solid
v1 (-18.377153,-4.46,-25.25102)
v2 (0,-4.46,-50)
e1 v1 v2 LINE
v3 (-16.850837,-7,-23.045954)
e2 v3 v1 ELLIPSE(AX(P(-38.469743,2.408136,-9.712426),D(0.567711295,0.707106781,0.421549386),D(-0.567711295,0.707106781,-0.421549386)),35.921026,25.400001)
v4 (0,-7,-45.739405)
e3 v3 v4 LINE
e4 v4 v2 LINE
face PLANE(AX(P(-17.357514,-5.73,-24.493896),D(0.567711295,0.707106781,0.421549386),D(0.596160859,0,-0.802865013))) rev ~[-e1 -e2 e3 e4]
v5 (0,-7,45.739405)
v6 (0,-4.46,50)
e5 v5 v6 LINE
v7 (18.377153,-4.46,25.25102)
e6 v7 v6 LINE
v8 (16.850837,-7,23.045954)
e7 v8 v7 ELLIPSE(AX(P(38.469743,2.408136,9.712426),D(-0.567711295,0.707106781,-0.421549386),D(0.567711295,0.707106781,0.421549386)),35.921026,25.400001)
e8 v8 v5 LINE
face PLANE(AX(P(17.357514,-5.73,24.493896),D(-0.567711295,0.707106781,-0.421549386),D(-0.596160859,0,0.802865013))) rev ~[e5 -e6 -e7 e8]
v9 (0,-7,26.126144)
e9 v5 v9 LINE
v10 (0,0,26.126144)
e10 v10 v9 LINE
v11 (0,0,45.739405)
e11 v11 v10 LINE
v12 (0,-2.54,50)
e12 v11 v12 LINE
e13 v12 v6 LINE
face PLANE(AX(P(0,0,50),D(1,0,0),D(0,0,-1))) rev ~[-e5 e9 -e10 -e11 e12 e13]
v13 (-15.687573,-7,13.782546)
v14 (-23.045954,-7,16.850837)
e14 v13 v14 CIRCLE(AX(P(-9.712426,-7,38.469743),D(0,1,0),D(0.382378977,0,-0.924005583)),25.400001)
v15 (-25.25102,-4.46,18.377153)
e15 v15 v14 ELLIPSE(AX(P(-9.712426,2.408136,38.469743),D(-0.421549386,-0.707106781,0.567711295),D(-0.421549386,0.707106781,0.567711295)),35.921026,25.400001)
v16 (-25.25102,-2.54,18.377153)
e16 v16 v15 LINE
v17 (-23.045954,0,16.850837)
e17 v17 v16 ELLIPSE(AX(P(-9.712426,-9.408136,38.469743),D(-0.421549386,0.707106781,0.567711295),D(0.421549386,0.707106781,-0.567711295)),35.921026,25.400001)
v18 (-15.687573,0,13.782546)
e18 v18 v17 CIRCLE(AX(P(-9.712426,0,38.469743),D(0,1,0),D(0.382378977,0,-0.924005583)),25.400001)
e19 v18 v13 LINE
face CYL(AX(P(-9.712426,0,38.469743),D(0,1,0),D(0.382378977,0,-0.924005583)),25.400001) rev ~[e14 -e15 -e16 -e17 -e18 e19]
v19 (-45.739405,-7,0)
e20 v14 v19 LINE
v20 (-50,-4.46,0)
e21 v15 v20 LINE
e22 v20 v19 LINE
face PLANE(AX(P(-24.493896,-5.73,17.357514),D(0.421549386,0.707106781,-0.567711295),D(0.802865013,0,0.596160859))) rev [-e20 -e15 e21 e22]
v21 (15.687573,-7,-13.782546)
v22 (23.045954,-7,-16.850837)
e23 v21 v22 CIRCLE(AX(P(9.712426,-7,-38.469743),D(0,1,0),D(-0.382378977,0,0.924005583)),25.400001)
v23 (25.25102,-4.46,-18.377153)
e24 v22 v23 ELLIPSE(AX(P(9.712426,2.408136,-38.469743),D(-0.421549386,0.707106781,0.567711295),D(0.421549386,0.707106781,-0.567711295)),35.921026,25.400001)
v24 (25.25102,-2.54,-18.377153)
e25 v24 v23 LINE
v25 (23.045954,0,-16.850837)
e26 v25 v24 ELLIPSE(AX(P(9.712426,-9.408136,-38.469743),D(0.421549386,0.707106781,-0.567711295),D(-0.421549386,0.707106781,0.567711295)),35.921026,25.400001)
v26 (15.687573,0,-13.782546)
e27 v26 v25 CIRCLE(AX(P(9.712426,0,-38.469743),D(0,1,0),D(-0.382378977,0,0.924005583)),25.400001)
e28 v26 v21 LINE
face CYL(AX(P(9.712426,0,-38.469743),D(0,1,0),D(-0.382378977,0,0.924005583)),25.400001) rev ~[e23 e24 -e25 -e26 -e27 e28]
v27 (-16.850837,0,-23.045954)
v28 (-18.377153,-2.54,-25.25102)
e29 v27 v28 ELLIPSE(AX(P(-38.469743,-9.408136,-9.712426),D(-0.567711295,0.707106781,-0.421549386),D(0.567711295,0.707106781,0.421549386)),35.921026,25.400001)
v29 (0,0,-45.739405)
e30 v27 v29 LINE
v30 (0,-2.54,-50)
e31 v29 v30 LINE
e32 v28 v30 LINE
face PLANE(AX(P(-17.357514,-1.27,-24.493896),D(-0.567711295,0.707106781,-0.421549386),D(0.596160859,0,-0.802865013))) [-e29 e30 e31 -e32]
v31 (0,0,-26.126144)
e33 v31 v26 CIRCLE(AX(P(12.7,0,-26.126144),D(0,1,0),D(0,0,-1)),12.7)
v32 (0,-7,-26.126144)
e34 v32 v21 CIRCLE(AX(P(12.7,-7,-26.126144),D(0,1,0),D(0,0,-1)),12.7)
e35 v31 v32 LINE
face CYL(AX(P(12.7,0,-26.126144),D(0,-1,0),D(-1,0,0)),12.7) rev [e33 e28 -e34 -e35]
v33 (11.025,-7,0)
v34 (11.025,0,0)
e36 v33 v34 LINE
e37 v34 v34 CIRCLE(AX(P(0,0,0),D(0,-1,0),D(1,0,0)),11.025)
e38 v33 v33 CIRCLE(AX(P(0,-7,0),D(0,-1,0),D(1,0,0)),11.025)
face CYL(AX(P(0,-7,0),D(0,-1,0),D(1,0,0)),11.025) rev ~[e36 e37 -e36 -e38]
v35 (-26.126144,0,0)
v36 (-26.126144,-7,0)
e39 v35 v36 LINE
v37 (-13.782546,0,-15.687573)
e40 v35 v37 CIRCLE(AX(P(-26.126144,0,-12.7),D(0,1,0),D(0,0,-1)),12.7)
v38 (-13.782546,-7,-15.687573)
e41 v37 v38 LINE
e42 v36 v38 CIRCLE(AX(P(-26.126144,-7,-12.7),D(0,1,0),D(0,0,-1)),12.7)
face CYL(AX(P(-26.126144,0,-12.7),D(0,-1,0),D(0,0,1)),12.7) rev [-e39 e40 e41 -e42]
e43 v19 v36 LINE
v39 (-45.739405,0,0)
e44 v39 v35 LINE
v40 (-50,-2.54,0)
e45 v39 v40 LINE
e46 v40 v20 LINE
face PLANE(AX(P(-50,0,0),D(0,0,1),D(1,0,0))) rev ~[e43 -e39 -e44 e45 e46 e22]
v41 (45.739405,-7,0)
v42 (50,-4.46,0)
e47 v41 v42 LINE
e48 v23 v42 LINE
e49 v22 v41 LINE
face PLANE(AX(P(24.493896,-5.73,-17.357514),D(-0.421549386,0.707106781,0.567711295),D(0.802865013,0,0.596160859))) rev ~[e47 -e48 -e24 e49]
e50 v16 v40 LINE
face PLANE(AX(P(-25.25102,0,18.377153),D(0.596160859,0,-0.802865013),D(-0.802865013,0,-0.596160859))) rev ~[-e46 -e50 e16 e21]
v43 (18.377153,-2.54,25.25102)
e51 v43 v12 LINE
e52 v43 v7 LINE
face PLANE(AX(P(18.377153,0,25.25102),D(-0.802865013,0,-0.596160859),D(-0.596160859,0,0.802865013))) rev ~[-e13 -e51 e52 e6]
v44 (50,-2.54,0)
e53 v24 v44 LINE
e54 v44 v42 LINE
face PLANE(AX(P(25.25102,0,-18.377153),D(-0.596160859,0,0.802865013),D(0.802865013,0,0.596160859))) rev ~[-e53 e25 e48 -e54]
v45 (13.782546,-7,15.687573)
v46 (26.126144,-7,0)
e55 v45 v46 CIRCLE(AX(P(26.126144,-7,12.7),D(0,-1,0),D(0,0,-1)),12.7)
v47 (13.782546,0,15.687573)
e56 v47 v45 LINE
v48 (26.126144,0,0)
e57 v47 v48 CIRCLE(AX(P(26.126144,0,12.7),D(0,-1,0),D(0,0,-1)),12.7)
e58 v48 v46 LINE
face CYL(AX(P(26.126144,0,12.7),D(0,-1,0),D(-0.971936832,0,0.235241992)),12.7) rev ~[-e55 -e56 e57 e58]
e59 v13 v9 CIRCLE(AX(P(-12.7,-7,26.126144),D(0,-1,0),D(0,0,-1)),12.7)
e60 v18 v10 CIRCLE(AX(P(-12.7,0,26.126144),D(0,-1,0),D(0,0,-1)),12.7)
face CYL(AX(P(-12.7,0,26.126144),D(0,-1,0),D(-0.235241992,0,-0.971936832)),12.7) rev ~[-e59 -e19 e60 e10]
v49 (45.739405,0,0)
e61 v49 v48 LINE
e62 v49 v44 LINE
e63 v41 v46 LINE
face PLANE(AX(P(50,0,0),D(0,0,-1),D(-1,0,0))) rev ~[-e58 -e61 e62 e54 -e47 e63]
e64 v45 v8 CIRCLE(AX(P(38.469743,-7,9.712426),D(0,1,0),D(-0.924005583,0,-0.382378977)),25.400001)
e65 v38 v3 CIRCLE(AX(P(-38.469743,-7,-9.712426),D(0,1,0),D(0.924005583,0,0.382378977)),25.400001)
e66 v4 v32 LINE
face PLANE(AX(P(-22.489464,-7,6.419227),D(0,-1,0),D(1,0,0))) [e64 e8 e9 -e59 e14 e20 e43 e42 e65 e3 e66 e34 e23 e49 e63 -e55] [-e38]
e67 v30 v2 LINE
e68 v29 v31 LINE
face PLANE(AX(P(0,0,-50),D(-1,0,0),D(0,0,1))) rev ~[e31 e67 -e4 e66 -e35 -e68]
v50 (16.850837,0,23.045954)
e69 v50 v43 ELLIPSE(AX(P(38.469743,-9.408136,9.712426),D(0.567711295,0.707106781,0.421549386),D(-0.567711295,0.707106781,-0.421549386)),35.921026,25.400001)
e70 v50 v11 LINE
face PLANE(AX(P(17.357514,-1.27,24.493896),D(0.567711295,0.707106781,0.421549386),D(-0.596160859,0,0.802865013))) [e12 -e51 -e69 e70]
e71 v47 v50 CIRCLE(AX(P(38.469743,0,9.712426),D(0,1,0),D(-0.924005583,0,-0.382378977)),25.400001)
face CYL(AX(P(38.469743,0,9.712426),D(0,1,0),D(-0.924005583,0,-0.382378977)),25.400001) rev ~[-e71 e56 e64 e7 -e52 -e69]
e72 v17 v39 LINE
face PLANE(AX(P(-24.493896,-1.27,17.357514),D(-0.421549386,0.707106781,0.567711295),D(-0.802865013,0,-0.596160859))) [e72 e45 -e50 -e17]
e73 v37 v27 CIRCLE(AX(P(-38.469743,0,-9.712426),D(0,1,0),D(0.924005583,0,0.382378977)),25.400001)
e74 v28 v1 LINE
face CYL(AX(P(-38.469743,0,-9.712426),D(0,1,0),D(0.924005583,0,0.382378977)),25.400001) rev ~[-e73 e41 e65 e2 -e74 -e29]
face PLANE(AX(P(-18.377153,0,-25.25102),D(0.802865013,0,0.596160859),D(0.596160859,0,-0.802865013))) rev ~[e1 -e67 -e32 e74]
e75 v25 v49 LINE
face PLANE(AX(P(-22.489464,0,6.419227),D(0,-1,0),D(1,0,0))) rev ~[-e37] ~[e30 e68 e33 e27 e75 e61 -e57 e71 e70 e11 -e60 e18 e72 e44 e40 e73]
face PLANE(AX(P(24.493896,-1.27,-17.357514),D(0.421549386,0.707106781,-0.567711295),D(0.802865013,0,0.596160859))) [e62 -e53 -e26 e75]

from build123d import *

# Parameters (mm, degrees)
F1_DEPTH = 7
F2_R     = 11.025
F3_DEPTH = 25.4
F4_R     = 12.7
F5_SIZE  = 2.54


with BuildPart() as f1:
    # F0 (on Front) → F1 (new body)
    with BuildSketch(Plane.XZ):
        with BuildLine():
            Line((-15, 0), (0, 0))
            Line((0, 0), (0, 15))
            ThreePointArc((0, 15), (-13.079524, 13.293907), (-25.25102, 18.377153))
            Line((-25.25102, 18.377153), (-50, 0))
            Line((-50, 0), (-15, 0))
        make_face()
        with BuildLine():
            Line((0, 15), (0, 0))
            Line((0, 0), (15, 0))
            ThreePointArc((15, 0), (13.293907, 13.079524), (18.377153, 25.25102))
            Line((18.377153, 25.25102), (0, 50))
            Line((0, 50), (0, 15))
        make_face()
        with BuildLine():
            Line((0, -15), (0, 0))
            Line((0, 0), (-15, 0))
            ThreePointArc((-15, 0), (-13.293907, -13.079524), (-18.377153, -25.25102))
            Line((-18.377153, -25.25102), (0, -50))
            Line((0, -50), (0, -15))
        make_face()
        with BuildLine():
            Line((15, 0), (0, 0))
            Line((0, 0), (0, -15))
            ThreePointArc((0, -15), (13.079524, -13.293907), (25.25102, -18.377153))
            Line((25.25102, -18.377153), (50, 0))
            Line((50, 0), (15, 0))
        make_face()
    extrude(amount=F1_DEPTH)

    # F2 (on face) → F3 (cut)
    with BuildSketch(Plane.XZ.offset(7)):
        Circle(F2_R)
    extrude(amount=-F3_DEPTH, mode=Mode.SUBTRACT)

    # F4
    f4_edges = [f1.edges().sort_by_distance(p)[0] for p in [
        (0, -3.5, 15),
        (15, -3.5, 0),
        (0, -3.5, -15),
        (-15, -3.5, 0),
    ]]
    fillet(f4_edges, radius=F4_R)

    # F5
    f5_edges = [f1.edges().sort_by_distance(p)[0] for p in [
        (37.62551, 0, -9.188577),
        (37.62551, -7, -9.188577),
        (9.188577, 0, 37.62551),
        (9.188577, -7, 37.62551),
        (-9.188577, 0, -37.62551),
        (-9.188577, -7, -37.62551),
        (-37.62551, 0, 9.188577),
        (-37.62551, -7, 9.188577),
    ]]
    chamfer(f5_edges, length=F5_SIZE)


solid = f1.part
